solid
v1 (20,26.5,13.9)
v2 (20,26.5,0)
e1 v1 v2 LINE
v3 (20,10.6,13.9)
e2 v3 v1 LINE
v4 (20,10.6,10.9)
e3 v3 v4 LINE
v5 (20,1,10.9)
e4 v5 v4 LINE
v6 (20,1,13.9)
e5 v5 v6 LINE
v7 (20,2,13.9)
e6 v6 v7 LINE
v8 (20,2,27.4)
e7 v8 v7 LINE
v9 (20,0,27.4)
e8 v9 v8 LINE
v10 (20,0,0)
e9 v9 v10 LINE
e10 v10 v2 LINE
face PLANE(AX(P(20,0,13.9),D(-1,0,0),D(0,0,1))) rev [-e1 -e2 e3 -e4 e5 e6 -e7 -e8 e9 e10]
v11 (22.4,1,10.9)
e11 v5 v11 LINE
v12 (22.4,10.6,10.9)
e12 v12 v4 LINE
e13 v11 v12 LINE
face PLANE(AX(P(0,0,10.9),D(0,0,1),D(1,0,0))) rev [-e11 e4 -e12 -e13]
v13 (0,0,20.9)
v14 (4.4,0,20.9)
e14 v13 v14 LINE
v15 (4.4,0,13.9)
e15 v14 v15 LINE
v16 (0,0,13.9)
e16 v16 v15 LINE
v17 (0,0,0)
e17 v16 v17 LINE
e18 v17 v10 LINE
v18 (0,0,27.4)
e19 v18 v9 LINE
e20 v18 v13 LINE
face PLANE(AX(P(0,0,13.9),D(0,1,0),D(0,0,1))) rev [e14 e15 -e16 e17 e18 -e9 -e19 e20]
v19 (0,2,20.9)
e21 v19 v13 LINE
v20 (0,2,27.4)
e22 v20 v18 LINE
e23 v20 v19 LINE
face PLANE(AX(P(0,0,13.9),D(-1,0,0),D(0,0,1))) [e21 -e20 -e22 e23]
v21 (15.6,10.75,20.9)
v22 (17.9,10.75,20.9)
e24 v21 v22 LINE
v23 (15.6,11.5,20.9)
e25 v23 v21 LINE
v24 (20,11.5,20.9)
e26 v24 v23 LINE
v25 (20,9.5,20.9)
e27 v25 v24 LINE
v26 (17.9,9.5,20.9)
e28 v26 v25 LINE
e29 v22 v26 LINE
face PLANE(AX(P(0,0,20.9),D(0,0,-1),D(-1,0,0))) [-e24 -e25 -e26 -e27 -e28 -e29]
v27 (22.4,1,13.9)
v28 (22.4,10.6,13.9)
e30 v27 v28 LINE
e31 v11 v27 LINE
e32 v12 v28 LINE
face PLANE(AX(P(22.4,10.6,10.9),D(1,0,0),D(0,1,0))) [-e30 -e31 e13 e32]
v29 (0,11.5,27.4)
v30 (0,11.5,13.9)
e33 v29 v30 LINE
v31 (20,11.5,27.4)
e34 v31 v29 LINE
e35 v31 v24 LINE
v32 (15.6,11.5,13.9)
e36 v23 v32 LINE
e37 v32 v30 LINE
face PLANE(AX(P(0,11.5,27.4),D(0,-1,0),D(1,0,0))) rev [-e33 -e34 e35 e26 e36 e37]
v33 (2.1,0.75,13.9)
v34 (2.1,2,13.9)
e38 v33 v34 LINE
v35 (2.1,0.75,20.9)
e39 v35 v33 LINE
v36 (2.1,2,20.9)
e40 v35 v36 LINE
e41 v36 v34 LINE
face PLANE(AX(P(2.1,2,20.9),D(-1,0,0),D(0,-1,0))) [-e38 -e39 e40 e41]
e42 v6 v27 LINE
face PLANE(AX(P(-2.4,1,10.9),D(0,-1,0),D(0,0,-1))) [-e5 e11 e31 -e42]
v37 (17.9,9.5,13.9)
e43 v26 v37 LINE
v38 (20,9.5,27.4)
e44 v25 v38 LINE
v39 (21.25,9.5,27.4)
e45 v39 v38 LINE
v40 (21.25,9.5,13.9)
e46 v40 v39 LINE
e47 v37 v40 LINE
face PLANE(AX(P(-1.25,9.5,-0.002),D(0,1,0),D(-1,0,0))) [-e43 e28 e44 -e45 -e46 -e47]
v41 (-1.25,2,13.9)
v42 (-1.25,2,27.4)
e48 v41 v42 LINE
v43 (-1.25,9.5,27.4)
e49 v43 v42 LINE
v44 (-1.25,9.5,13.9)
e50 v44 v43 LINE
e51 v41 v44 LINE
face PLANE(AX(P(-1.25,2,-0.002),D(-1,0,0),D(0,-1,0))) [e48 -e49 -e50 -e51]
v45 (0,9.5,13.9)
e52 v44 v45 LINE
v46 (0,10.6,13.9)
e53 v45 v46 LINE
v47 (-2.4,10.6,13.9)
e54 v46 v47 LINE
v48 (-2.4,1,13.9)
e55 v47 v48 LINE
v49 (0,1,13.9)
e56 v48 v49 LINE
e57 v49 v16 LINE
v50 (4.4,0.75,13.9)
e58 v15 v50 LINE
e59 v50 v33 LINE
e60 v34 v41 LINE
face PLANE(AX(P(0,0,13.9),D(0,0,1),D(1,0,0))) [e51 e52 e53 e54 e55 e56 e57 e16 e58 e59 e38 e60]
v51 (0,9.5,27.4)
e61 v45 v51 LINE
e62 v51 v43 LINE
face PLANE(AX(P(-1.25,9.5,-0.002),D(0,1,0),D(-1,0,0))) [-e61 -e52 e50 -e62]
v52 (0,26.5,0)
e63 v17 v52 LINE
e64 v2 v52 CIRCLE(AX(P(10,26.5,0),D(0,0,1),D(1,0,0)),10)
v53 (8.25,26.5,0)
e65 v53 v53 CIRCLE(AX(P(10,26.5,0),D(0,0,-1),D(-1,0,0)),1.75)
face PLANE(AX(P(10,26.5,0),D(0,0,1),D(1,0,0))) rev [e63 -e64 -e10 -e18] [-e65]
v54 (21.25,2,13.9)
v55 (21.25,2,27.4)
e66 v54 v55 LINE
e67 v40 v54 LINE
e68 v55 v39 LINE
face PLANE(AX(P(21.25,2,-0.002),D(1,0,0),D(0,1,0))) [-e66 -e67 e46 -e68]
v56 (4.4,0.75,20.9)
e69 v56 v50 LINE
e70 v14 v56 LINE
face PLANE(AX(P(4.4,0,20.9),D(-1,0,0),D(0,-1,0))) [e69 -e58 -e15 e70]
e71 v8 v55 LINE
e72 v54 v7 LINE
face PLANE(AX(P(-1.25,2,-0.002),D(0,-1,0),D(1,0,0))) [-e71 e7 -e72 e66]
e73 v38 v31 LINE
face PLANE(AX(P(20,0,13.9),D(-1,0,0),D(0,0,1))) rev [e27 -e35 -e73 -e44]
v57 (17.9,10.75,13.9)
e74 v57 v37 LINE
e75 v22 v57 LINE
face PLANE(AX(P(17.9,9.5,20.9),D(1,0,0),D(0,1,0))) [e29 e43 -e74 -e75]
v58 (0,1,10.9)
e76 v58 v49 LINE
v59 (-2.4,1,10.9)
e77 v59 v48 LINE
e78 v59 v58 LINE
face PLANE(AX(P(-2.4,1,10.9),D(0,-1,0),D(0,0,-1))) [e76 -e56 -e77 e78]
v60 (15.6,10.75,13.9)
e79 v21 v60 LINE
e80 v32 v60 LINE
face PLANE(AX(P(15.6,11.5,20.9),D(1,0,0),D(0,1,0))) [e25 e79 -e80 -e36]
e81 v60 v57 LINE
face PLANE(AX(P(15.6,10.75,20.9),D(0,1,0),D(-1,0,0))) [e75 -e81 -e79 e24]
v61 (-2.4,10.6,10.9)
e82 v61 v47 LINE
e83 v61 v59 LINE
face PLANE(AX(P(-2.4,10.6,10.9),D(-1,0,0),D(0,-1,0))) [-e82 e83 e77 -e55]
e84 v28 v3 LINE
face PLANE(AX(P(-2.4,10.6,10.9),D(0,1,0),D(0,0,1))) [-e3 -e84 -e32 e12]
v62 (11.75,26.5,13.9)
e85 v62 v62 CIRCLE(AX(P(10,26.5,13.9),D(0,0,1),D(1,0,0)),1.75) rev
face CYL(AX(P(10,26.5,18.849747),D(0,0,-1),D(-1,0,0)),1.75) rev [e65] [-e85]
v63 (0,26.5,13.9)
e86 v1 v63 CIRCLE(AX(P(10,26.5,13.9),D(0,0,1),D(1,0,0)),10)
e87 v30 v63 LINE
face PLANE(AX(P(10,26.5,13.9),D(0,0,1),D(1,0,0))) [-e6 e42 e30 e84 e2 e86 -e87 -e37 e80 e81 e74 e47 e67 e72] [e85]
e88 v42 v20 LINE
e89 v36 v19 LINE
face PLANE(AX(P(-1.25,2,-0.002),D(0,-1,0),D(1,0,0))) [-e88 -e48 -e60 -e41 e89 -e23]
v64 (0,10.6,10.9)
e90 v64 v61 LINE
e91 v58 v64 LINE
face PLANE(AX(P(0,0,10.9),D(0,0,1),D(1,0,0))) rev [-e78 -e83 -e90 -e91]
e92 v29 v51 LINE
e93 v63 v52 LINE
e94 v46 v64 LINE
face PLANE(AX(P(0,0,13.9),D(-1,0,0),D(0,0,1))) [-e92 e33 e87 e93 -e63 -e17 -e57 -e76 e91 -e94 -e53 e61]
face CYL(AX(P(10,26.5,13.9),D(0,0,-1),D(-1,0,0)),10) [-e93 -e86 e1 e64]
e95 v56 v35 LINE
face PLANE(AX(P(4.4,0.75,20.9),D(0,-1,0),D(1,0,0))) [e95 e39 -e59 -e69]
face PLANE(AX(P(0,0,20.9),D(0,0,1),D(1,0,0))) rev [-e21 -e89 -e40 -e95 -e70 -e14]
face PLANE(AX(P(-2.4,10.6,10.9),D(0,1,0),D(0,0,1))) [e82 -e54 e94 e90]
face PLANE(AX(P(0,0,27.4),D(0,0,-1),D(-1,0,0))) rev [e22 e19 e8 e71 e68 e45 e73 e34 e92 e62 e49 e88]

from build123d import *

# Parameters (mm, degrees)
BOSS_EXTRUDE1_DEPTH = 13.9
SKETCH2_W           = 20
SKETCH2_H           = 11.5
BOSS_EXTRUDE2_DEPTH = 13.5
SKETCH4_W           = 24.8
SKETCH4_H           = 9.6
BOSS_EXTRUDE3_DEPTH = 3
BOSS_EXTRUDE4_START = -13.5
SKETCH5_W           = 22.5
SKETCH5_H           = 7.5
BOSS_EXTRUDE4_DEPTH = 13.5
CUT_EXTRUDE1_DEPTH  = 7
SKETCH7_R           = 1.75
CUT_EXTRUDE2_DEPTH  = 13.9


with BuildPart() as part:
    # Sketch1 → Boss-Extrude1 (new body)
    with BuildSketch(Plane.XY):
        with BuildLine():
            Line((0, 0), (20, 0))
            Line((20, 0), (20, 26.5))
            ThreePointArc((20, 26.5), (10, 36.5), (0, 26.5))
            Line((0, 26.5), (0, 0))
        make_face()
    extrude(amount=BOSS_EXTRUDE1_DEPTH)

    # Sketch2 → Boss-Extrude2 (add)
    with BuildSketch(Plane.XY.offset(13.9)):
        with Locations((10, 5.75)):
            Rectangle(SKETCH2_W, SKETCH2_H)
    extrude(amount=BOSS_EXTRUDE2_DEPTH)

    # Sketch4 → Boss-Extrude3 (add)
    with BuildSketch(Plane.XY.offset(13.9)):
        with Locations((10, 5.8)):
            Rectangle(SKETCH4_W, SKETCH4_H)
    extrude(amount=-BOSS_EXTRUDE3_DEPTH)

    # Sketch5 → Boss-Extrude4 (add)
    with BuildSketch(Plane.XY.offset(27.4).offset(BOSS_EXTRUDE4_START)):
        with Locations((10, 5.75)):
            Rectangle(SKETCH5_W, SKETCH5_H)
    extrude(amount=BOSS_EXTRUDE4_DEPTH)

    # Sketch6 → Cut-Extrude1 (cut)
    with BuildSketch(Plane.XY.offset(13.9)):
        Polygon((20, 11.5), (15.6, 11.5), (15.6, 10.75), (17.9, 10.75), (17.9, 9.5), (20, 9.5), align=None)
        Polygon((0, 0), (0, 2), (2.1, 2), (2.1, 0.75), (4.4, 0.75), (4.4, 0), align=None)
    extrude(amount=CUT_EXTRUDE1_DEPTH, mode=Mode.SUBTRACT)

    # Sketch7 → Cut-Extrude2 (cut)
    with BuildSketch(Plane(origin=(0, 0, 0), x_dir=(-1, 0, 0), z_dir=(0, 0, -1))):
        with Locations((-10, 26.5)):
            Circle(SKETCH7_R)
    extrude(amount=-CUT_EXTRUDE2_DEPTH, mode=Mode.SUBTRACT)


solid = part.part
